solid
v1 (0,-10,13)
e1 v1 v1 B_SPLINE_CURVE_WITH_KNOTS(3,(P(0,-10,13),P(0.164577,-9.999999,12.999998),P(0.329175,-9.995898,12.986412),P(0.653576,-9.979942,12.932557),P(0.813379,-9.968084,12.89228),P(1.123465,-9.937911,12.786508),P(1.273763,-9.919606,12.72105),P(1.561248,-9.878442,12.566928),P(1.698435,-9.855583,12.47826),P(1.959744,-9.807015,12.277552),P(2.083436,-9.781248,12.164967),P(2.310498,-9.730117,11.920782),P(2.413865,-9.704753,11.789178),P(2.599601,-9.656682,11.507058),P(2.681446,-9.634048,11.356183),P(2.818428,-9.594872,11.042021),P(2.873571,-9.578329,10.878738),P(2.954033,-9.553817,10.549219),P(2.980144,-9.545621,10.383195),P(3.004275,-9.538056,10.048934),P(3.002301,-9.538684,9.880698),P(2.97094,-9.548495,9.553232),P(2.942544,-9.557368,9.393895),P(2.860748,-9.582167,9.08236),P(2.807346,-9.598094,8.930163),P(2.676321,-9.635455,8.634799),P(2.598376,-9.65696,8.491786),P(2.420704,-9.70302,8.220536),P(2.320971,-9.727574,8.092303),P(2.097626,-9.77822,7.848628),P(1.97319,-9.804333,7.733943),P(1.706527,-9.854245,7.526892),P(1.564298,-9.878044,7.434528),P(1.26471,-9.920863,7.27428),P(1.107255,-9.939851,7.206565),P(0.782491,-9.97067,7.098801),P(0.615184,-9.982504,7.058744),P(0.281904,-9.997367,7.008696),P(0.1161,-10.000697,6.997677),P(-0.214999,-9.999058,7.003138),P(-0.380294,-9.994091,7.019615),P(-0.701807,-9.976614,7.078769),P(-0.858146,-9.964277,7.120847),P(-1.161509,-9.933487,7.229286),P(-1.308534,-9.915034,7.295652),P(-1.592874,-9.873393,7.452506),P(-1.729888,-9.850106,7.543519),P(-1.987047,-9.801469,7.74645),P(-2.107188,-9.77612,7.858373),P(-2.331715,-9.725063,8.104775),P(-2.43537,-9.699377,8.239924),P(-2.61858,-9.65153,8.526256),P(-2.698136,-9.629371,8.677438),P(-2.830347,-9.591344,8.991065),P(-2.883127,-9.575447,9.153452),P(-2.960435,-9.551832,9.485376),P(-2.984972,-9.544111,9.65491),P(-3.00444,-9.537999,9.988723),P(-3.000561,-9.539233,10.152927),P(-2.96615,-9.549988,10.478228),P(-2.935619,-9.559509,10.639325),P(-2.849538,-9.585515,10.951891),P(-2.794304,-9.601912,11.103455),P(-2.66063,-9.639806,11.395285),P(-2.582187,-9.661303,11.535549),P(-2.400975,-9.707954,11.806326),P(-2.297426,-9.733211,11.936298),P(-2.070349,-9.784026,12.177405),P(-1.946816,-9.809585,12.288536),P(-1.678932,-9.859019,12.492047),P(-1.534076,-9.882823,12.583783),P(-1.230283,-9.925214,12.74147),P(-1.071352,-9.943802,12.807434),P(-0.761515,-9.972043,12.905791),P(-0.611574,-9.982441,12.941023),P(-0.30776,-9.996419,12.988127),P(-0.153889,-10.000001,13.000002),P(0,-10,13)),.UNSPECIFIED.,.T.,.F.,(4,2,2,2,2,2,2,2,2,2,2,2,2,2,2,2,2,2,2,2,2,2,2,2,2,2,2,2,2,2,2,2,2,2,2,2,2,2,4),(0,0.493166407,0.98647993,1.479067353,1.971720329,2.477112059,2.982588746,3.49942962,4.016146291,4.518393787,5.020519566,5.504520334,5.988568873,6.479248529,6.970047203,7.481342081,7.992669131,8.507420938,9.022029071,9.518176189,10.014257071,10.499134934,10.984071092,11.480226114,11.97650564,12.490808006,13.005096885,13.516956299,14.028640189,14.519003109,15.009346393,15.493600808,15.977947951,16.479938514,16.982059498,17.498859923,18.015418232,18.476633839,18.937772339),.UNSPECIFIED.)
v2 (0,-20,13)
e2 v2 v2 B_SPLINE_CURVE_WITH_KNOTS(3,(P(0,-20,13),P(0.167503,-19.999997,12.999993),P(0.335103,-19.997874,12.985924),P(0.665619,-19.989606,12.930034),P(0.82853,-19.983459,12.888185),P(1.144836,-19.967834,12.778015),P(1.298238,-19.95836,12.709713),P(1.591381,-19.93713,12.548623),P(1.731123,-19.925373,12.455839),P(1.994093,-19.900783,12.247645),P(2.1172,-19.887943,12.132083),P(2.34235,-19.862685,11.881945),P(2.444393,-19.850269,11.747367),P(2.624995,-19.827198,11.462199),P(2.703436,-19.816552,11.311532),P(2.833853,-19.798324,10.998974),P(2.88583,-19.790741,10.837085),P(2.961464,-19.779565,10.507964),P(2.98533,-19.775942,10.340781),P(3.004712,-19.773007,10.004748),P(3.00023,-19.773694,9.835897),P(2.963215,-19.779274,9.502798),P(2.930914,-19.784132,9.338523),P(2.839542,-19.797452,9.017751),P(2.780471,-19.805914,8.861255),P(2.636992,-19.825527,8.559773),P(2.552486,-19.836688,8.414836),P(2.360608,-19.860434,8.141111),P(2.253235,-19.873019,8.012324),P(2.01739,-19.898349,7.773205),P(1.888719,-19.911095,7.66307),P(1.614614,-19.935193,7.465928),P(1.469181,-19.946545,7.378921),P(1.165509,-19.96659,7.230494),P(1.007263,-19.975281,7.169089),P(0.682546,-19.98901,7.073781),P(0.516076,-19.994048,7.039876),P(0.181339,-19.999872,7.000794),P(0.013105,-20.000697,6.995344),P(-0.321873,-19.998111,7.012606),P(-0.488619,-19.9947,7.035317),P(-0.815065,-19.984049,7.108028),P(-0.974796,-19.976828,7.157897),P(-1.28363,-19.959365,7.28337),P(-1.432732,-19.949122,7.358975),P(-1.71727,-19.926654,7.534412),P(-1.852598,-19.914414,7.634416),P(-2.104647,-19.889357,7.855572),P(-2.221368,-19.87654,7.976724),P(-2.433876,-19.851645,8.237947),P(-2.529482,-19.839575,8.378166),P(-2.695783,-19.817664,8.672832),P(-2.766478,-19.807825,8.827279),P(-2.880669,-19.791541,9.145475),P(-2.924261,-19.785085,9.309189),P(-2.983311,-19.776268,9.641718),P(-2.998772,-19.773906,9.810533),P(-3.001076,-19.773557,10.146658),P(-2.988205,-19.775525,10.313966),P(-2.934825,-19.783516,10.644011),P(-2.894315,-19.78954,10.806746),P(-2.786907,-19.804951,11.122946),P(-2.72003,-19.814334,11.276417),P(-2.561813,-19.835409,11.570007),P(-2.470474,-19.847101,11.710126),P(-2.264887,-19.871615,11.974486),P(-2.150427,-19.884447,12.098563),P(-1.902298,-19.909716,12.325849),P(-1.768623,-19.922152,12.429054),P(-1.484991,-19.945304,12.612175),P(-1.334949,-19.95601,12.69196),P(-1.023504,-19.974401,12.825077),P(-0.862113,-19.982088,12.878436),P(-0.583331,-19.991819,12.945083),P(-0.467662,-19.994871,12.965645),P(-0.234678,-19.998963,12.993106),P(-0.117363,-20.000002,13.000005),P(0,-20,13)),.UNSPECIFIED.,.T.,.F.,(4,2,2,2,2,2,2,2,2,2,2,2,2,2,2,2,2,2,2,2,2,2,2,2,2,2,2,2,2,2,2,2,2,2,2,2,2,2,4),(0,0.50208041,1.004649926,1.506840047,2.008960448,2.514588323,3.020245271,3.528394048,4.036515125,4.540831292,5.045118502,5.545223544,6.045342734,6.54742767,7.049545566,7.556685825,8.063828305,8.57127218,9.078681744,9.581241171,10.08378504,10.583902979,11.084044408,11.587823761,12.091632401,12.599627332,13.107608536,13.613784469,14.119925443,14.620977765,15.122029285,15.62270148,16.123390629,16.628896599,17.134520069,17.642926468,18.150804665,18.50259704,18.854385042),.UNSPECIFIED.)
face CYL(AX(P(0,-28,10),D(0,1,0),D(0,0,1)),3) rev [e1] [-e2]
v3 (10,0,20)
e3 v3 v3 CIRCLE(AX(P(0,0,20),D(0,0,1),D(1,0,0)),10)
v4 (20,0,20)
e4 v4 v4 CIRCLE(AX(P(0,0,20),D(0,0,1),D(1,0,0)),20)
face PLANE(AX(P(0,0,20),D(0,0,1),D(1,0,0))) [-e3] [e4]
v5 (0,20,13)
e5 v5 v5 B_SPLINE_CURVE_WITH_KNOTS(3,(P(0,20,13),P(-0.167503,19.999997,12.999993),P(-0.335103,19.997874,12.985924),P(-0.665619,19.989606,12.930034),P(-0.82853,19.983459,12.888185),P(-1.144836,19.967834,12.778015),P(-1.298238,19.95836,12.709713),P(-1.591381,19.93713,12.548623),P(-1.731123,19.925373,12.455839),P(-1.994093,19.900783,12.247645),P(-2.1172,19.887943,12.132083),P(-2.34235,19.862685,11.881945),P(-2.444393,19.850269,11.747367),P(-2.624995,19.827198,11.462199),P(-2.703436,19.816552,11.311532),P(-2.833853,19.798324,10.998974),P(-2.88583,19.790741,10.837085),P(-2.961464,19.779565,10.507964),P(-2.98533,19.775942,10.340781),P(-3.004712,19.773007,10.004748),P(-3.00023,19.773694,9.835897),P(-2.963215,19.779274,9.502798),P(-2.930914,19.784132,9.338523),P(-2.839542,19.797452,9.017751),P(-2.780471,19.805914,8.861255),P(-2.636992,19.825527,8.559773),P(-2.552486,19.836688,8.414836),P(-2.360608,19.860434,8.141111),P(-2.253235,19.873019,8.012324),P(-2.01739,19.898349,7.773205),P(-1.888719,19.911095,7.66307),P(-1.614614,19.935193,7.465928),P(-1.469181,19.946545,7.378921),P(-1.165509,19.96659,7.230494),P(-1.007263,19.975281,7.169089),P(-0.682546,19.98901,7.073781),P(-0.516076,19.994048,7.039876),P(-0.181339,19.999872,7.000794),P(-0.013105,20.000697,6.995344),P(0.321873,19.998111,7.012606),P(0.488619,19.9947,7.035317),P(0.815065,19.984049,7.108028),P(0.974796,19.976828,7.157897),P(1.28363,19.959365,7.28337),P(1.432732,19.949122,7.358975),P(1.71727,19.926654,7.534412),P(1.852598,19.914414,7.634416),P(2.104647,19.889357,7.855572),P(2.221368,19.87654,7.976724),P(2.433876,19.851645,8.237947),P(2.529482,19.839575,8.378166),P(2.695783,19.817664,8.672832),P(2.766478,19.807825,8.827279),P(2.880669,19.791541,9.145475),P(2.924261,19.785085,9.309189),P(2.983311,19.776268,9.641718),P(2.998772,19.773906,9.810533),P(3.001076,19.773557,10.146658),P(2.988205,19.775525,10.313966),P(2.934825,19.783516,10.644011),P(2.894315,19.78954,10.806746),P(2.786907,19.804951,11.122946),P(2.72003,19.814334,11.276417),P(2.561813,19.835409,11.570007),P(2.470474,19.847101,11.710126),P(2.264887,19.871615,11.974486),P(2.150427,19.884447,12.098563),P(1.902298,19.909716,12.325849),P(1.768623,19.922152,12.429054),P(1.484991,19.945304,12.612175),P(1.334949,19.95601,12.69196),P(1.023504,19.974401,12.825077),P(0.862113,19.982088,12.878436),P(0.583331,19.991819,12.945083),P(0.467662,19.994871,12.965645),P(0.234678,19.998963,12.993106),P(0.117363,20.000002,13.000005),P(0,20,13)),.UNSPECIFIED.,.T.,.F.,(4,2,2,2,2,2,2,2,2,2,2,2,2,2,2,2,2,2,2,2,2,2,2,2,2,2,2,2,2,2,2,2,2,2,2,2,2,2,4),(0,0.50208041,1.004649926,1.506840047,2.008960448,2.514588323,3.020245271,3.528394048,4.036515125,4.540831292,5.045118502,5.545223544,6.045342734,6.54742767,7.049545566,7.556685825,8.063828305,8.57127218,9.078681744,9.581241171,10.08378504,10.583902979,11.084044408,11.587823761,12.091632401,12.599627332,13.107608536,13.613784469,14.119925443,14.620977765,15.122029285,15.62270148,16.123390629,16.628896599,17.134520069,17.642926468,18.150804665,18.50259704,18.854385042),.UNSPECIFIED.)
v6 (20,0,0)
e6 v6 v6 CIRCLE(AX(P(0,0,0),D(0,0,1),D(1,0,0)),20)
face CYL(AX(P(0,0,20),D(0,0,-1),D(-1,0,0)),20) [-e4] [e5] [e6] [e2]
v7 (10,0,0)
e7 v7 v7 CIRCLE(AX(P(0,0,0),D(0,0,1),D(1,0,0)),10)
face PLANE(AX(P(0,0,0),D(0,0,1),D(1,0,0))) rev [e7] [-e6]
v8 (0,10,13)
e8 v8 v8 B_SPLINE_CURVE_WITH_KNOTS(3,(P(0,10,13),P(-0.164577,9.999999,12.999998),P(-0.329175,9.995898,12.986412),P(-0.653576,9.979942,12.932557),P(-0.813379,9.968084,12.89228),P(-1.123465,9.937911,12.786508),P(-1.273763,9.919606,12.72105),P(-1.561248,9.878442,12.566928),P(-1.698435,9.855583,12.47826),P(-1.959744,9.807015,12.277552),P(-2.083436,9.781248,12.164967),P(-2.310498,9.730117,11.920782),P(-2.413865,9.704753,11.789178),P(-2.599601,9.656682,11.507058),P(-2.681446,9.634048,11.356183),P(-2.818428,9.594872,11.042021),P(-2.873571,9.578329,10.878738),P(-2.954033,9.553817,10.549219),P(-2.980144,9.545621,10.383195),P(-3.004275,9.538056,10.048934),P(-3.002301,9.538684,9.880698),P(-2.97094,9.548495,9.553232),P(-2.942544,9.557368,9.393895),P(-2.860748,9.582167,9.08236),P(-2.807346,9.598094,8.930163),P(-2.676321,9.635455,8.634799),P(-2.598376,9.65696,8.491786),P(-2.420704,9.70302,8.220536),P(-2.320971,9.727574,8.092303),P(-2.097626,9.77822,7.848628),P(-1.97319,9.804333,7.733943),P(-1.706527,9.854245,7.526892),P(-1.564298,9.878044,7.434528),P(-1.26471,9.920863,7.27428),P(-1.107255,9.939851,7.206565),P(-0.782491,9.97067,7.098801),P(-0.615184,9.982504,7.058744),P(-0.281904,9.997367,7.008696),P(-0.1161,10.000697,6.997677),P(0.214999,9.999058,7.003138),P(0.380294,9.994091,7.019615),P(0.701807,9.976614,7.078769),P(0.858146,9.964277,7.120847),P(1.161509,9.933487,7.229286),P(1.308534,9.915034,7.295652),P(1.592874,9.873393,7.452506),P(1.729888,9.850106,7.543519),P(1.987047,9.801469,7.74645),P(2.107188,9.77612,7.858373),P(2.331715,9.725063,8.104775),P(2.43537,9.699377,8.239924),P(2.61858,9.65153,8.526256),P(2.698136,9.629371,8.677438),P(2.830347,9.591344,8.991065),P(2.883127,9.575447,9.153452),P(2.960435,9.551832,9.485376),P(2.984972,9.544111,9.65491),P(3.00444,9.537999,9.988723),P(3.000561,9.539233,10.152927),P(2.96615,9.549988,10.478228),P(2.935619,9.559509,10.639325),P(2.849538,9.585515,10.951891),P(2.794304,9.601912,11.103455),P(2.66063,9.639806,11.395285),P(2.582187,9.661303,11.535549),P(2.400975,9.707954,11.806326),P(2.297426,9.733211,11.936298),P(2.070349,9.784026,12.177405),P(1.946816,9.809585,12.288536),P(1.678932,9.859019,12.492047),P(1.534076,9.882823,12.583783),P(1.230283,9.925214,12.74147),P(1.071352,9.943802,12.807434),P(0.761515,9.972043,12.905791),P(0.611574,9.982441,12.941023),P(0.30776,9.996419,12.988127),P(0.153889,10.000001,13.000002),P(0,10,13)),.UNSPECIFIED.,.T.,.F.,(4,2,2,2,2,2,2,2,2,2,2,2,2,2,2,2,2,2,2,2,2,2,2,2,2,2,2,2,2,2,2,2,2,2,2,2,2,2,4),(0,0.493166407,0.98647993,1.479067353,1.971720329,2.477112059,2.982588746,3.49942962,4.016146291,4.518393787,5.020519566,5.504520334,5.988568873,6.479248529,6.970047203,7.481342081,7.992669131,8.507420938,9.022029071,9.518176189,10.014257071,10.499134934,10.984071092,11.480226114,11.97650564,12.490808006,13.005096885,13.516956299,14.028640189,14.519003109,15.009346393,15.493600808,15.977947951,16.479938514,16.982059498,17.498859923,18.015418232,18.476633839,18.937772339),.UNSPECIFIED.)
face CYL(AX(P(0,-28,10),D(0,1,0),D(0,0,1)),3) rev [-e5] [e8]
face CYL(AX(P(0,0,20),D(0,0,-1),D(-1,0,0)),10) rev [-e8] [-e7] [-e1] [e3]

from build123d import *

# Parameters (mm, degrees)
SKETCH1_R           = 20
SKETCH1_R_2         = 10
BOSS_EXTRUDE1_DEPTH = 20
SKETCH2_R           = 3
CUT_EXTRUDE1_DEPTH  = 28


with BuildPart() as part:
    # Sketch1 → Boss-Extrude1 (new body)
    with BuildSketch(Plane.XY):
        Circle(SKETCH1_R)
        Circle(SKETCH1_R_2, mode=Mode.SUBTRACT)
    extrude(amount=BOSS_EXTRUDE1_DEPTH)

    # Sketch2 → Cut-Extrude1 (cut, symmetric)
    with BuildSketch(Plane(origin=(0, 0, 0), x_dir=(1, 0, 0), z_dir=(0, 1, 0))):
        with Locations(Location((0, -10, 0), (0, 0, 270))):
            Circle(SKETCH2_R)
    extrude(amount=CUT_EXTRUDE1_DEPTH, both=True, mode=Mode.SUBTRACT)


solid = part.part
